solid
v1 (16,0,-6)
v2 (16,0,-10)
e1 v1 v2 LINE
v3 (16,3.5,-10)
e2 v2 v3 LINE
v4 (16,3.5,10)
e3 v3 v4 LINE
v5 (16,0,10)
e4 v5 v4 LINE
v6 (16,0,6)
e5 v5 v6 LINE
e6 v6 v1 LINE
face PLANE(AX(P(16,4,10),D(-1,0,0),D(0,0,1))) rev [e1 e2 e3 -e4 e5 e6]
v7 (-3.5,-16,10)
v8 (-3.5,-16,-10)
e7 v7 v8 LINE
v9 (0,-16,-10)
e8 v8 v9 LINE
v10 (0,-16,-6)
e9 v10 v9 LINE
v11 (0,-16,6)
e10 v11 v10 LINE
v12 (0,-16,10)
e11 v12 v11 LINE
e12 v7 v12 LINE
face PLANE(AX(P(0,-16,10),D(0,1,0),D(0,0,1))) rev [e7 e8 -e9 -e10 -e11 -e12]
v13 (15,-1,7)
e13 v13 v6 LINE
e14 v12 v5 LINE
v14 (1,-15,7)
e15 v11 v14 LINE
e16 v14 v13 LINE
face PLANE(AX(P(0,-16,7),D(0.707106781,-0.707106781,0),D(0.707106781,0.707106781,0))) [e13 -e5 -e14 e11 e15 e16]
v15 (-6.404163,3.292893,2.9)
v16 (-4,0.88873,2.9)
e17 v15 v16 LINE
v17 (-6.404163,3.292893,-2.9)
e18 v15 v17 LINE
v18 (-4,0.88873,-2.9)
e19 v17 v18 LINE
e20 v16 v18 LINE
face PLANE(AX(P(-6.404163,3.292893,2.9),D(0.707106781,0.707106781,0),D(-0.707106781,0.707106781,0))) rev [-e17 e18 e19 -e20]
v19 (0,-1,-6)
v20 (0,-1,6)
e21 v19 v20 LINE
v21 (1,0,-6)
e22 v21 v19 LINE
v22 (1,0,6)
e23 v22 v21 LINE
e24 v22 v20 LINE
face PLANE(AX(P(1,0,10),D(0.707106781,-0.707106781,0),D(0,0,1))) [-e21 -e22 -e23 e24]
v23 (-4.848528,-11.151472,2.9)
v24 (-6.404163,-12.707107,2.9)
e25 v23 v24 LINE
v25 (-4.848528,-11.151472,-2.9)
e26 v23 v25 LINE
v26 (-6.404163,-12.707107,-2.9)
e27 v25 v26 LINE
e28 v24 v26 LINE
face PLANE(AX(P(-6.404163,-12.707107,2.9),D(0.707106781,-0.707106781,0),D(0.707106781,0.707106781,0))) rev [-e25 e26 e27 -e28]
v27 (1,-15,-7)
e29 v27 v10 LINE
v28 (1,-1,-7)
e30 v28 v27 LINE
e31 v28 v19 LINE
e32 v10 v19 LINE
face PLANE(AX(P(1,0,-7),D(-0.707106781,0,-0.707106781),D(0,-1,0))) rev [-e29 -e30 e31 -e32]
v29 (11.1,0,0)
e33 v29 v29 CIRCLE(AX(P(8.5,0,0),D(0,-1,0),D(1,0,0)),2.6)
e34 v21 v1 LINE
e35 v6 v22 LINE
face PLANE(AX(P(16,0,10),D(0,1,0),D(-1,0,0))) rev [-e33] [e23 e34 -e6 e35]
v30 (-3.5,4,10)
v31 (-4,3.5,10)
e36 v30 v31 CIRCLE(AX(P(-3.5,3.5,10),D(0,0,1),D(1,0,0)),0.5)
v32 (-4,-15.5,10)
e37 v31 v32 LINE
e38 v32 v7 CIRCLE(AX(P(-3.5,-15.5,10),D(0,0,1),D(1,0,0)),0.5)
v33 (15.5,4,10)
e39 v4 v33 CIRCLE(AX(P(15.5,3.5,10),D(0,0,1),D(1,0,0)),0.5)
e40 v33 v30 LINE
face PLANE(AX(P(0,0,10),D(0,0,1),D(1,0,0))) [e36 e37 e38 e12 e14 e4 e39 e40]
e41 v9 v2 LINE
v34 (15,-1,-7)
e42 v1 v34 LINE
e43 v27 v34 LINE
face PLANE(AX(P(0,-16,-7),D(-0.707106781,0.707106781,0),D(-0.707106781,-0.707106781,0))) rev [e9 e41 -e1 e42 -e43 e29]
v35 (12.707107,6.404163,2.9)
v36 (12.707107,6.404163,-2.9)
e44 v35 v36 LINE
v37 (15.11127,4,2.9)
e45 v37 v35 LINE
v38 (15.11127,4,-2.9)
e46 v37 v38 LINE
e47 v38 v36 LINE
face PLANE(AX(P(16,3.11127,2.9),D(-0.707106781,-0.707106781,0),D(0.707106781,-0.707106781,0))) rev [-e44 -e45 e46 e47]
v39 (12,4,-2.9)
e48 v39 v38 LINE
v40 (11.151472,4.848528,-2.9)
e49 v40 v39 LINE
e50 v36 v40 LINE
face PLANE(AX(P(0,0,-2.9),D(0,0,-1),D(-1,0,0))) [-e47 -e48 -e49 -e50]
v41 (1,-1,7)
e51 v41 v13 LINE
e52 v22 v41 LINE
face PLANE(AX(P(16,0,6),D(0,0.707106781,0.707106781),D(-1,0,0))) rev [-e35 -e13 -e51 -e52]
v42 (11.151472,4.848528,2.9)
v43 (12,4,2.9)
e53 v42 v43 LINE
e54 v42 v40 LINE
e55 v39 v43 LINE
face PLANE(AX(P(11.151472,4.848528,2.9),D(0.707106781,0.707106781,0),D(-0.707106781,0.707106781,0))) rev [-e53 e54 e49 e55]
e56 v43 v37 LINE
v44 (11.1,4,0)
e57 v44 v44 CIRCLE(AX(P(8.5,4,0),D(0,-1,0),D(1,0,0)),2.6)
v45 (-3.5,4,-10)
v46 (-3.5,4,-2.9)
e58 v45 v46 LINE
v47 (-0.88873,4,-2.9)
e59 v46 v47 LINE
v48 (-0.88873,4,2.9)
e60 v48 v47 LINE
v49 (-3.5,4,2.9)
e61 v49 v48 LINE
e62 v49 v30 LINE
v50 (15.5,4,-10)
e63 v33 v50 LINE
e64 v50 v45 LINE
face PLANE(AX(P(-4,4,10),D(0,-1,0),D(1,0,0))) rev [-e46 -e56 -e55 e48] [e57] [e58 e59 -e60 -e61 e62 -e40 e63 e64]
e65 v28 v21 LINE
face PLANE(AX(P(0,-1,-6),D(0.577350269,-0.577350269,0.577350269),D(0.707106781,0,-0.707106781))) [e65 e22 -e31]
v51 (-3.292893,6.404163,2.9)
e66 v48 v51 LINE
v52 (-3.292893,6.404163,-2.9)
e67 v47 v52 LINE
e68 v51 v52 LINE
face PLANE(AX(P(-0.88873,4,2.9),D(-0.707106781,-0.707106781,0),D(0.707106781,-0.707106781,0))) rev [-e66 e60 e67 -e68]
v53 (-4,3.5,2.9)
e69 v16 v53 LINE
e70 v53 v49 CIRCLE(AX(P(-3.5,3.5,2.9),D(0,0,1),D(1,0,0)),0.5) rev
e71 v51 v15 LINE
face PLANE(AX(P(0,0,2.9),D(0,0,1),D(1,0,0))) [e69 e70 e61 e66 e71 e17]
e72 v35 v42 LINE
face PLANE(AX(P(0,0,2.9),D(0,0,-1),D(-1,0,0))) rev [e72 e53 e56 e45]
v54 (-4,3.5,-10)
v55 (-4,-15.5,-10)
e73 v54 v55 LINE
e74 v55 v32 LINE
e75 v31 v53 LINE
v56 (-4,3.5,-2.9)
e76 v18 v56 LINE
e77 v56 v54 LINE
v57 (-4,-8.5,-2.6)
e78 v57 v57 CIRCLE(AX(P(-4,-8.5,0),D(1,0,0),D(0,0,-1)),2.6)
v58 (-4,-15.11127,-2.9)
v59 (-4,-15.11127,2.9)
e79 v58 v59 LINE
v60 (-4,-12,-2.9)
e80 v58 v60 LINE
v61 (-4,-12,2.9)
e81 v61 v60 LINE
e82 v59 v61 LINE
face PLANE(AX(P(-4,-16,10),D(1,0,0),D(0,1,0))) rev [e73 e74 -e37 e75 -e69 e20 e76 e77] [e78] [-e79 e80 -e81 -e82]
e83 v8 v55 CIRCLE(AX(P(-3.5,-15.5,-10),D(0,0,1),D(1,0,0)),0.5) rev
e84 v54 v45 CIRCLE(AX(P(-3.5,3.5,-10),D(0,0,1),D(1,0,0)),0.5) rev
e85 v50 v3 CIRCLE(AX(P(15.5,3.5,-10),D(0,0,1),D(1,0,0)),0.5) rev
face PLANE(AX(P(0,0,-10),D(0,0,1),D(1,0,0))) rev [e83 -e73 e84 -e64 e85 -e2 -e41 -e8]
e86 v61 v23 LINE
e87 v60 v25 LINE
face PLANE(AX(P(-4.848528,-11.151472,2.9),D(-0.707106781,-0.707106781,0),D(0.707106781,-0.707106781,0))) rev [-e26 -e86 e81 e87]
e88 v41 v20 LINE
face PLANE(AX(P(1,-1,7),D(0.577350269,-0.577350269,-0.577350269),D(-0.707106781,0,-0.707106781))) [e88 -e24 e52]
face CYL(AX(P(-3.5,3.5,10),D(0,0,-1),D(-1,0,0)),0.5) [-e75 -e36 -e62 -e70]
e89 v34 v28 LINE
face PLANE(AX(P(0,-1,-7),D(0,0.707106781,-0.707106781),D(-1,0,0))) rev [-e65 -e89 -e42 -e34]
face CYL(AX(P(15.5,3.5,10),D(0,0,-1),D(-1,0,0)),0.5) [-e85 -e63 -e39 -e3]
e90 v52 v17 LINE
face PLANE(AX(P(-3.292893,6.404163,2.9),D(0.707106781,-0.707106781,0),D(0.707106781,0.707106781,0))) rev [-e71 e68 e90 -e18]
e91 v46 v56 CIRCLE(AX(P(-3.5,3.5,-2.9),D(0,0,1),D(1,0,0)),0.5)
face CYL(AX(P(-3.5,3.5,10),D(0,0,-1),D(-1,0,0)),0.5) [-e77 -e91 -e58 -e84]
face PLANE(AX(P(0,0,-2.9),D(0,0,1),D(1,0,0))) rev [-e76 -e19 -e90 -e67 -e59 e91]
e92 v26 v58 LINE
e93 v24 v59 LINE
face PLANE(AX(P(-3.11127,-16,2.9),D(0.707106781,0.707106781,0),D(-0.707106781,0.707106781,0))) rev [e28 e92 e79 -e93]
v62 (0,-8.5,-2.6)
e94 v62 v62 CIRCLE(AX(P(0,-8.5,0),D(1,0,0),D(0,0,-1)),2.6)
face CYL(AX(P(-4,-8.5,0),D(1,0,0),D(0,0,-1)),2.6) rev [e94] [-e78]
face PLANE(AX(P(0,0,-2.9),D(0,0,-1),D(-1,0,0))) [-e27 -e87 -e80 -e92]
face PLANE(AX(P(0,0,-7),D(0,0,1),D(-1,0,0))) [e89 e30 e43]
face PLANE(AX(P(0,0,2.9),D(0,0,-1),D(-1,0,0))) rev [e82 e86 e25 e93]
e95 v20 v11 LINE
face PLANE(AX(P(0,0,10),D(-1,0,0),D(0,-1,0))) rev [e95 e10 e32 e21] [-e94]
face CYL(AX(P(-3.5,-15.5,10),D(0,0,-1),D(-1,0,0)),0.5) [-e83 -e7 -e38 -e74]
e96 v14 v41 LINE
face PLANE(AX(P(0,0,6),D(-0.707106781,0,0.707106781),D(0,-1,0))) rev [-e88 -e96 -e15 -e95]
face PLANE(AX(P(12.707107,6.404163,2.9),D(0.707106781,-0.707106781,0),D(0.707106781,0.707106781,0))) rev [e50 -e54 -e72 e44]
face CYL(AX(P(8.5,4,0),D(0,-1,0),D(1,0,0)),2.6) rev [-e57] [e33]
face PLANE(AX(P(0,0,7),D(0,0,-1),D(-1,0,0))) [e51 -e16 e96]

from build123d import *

# Parameters (mm, degrees)
EXTRUDE_1_DEPTH     = 10
EXTRUDE_2_DEPTH     = 3
SKETCH_3_R          = 2.6
CUT_EXTRUDE_1_DEPTH = 25.738633754
SKETCH_4_R          = 2.6
CUT_EXTRUDE_2_DEPTH = 25.738633754
EXTRUDE_START       = -10
EXTRUDE_3_DEPTH     = 2.9
FILLET_1_R          = 0.5
CHAMFER_1_SIZE      = 1


with BuildPart() as part:
    # Эскиз1 → Бобышка-Вытянуть1 (new, symmetric)
    with BuildSketch(Plane.XY):
        Polygon((0, 0), (0, -16), (-4, -16), (-4, 4), (16, 4), (16, 0), align=None)
    extrude(amount=EXTRUDE_1_DEPTH, both=True)

    # Эскиз2 → Бобышка-Вытянуть2 (add)
    with BuildSketch(Plane.XY.offset(10)):
        Polygon((0, -16), (0, 0), (16, 0), align=None)
    extrude_2 = extrude(amount=-EXTRUDE_2_DEPTH)

    # Зеркальное отражение1: Бобышка-Вытянуть2 across plane
    add(extrude_2.mirror(Plane.XY))

    # Эскиз3 → Вырез-Вытянуть1 (cut, through all)
    with BuildSketch(Plane(origin=(0, 0, 0), x_dir=(0, 0, -1), z_dir=(1, 0, 0))):
        with Locations((0, -8.5)):
            Circle(SKETCH_3_R)
        with Locations((20, -8.5)):
            Circle(SKETCH_3_R)
        with Locations((20, 11.5)):
            Circle(SKETCH_3_R)
        with Locations((0, 11.5)):
            Circle(SKETCH_3_R)
    extrude(amount=-CUT_EXTRUDE_1_DEPTH, mode=Mode.SUBTRACT)

    # Эскиз4 → Вырез-Вытянуть2 (cut, through all)
    with BuildSketch(Plane.XZ):
        with Locations((8.5, 0)):
            Circle(SKETCH_4_R)
        with Locations((-11.5, 0)):
            Circle(SKETCH_4_R)
        with Locations((-11.5, 20)):
            Circle(SKETCH_4_R)
        with Locations((8.5, 20)):
            Circle(SKETCH_4_R)
    extrude(amount=-CUT_EXTRUDE_2_DEPTH, mode=Mode.SUBTRACT)

    # Эскиз5 → Бобышка-Вытянуть3 (add, symmetric)
    with BuildSketch(Plane.XY.offset(10).offset(EXTRUDE_START)):
        Polygon((-0.888730163, 4), (-3.292893219, 6.404163056), (-6.404163056, 3.292893219), (-4, 0.888730163), (-4, 4), align=None)
        Polygon((16, 3.111269837), (12.707106781, 6.404163056), (11.151471863, 4.848528137), (16, 0), align=None)
        Polygon((-4.848528137, -11.151471863), (0, -16), (-3.111269837, -16), (-6.404163056, -12.707106781), align=None)
    extrude(amount=EXTRUDE_3_DEPTH, both=True)

    # Скругление1
    fillet_1_edges = [part.edges().sort_by_distance(p)[0] for p in [
        (-4, -16, 0),
        (-4, 4, 6.45),
        (16, 4, 0),
        (-4, 4, -6.45),
    ]]
    fillet(fillet_1_edges, radius=FILLET_1_R)

    # Фаска1
    chamfer_1_edges = [part.edges().sort_by_distance(p)[0] for p in [
        (0, 0, 0),
        (0, -8, 7),
        (8, 0, 7),
        (8, 0, -7),
        (0, -8, -7),
    ]]
    chamfer(chamfer_1_edges, length=CHAMFER_1_SIZE)


solid = part.part
